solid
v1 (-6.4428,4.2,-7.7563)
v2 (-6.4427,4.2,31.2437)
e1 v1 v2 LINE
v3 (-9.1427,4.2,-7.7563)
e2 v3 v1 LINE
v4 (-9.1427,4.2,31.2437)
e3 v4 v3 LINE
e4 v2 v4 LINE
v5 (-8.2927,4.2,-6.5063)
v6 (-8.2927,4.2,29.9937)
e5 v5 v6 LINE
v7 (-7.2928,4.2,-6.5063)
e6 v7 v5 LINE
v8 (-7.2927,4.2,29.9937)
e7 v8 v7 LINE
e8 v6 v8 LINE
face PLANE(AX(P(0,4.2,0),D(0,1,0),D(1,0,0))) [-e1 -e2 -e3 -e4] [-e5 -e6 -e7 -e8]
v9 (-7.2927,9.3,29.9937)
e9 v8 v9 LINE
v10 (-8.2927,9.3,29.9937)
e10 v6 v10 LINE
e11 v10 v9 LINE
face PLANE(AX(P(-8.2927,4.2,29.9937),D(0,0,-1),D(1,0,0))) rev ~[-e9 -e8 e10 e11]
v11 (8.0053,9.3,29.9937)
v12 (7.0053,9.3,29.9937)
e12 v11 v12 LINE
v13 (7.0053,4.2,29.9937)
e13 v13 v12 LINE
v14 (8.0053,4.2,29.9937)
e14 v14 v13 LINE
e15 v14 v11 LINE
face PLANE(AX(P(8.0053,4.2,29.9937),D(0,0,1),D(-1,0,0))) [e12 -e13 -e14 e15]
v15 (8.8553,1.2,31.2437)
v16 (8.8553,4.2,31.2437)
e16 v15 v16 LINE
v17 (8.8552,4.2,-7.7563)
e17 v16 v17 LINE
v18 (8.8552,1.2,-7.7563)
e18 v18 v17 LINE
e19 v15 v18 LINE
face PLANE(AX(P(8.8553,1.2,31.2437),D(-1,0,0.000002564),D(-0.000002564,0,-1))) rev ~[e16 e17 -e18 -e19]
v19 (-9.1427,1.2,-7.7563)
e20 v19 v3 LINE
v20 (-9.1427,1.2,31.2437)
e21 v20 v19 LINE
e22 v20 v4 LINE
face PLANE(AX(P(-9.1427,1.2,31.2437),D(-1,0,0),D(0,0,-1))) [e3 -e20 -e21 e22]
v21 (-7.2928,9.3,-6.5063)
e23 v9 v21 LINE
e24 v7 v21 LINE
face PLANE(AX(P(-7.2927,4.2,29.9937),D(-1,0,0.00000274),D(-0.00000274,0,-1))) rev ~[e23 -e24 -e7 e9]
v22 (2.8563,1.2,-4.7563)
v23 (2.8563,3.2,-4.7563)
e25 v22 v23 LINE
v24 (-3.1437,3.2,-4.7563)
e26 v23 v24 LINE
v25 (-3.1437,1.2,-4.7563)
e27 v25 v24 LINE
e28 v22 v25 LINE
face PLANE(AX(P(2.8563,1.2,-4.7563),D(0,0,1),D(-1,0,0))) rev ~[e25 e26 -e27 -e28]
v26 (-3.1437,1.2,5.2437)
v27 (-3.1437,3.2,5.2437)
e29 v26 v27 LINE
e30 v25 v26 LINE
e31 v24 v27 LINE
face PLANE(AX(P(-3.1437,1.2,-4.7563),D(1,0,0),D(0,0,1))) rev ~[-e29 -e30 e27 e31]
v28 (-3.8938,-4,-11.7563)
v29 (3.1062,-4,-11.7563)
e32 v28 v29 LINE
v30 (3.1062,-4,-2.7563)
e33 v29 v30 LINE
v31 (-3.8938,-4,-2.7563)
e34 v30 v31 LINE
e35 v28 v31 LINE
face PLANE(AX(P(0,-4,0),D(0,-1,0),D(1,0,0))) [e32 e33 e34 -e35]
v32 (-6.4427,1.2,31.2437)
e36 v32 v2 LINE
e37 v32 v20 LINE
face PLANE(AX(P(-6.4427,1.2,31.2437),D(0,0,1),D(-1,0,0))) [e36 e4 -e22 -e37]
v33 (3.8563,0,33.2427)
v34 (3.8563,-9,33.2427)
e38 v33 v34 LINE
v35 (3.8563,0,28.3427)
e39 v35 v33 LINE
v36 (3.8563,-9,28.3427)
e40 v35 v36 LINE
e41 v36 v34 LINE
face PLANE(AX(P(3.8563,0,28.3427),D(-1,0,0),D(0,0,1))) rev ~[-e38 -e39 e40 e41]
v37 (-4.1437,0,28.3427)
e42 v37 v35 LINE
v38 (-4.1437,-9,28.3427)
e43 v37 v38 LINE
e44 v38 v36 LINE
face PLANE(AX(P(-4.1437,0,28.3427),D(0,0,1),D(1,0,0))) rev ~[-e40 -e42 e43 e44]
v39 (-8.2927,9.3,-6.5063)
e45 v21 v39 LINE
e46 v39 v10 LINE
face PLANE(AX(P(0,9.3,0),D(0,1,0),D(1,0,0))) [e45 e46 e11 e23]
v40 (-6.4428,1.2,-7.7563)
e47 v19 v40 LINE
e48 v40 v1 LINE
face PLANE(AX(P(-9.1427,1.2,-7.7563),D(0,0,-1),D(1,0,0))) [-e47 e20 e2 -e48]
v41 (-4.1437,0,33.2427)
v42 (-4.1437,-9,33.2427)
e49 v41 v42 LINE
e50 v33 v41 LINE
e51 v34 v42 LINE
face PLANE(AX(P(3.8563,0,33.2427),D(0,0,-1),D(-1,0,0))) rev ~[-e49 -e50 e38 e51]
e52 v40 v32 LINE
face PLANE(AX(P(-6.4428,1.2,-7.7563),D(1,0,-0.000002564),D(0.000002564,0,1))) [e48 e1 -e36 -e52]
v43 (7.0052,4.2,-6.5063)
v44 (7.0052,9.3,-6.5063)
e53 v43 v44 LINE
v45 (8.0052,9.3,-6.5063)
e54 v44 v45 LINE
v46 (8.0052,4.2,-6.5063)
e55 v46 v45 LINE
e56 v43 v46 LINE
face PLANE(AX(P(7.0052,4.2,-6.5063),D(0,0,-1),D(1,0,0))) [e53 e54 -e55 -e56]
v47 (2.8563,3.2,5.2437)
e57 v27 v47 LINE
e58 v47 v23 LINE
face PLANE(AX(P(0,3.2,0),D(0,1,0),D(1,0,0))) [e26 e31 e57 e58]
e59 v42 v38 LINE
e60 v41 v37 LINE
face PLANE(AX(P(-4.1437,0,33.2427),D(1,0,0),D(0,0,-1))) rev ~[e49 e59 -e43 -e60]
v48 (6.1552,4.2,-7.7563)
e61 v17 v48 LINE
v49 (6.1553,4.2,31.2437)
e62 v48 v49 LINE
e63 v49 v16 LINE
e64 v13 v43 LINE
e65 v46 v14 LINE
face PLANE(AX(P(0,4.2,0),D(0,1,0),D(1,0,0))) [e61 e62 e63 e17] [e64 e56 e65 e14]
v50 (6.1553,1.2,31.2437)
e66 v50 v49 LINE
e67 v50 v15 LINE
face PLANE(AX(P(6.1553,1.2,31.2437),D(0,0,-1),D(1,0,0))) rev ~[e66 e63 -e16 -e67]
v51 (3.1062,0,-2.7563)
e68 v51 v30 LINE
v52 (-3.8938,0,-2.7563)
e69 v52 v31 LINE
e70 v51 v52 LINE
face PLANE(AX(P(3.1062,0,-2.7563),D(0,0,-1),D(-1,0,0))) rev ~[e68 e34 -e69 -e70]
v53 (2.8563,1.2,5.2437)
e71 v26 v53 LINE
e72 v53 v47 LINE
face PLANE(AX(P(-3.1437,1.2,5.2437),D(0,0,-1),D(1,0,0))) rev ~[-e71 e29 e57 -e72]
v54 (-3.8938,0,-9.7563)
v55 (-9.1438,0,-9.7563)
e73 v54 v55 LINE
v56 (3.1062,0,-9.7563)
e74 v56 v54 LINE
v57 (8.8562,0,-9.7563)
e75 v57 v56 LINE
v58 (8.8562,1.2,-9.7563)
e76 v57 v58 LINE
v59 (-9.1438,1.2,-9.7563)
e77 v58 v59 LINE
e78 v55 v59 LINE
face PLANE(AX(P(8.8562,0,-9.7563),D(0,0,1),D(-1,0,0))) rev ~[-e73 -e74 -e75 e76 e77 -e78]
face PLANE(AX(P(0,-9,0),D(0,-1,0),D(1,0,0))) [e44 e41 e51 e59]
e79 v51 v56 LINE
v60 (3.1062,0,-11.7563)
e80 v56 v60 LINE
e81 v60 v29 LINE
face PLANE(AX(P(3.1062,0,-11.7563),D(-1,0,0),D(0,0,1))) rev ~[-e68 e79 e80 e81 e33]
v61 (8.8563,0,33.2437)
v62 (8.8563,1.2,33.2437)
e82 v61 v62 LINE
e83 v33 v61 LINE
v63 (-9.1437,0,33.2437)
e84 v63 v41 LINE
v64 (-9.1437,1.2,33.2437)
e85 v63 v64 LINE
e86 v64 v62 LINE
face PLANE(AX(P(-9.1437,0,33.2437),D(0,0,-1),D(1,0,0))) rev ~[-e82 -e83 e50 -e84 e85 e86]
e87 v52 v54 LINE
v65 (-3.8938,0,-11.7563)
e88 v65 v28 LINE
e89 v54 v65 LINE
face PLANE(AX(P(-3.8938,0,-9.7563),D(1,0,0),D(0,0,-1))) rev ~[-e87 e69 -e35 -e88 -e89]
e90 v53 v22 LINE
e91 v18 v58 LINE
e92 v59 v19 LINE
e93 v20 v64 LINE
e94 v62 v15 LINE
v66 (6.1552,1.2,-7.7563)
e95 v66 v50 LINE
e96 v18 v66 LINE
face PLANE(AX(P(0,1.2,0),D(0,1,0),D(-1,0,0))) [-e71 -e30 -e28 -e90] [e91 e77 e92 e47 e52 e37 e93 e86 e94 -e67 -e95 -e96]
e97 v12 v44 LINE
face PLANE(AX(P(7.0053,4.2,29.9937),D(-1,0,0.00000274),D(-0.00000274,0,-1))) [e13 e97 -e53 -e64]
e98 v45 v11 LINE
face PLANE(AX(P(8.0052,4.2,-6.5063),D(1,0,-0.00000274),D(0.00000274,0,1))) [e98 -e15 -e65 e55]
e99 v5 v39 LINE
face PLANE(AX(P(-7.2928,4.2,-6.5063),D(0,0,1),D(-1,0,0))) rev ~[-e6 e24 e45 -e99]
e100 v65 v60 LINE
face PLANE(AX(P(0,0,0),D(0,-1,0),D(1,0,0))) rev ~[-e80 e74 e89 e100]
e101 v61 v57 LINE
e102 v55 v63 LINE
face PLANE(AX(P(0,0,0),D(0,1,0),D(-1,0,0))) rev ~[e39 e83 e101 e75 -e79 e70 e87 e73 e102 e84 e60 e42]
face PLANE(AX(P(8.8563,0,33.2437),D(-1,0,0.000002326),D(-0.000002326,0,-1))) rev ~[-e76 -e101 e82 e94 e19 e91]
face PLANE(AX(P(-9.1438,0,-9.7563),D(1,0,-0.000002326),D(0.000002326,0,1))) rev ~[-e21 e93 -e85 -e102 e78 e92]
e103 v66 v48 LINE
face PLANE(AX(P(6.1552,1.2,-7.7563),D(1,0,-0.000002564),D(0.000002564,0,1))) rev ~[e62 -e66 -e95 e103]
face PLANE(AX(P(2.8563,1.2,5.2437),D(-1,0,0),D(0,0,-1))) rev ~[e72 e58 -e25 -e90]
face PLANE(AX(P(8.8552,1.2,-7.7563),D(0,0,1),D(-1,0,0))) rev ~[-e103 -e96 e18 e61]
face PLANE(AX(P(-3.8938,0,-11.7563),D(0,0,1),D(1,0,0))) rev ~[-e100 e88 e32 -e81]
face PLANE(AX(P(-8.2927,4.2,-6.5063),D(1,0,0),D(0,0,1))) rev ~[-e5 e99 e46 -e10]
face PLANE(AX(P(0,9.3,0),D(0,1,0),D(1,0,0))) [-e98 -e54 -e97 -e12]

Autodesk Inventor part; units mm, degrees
ref_plane "YZ Plane" through (0, 0, 0) normal (1, 0, 0) x (0, 1, 0)
ref_plane "XZ Plane" through (0, 0, 0) normal (0, 1, 0) x (-1, 0, 0)
ref_plane "XY Plane" through (0, 0, 0) normal (0, 0, 1) x (1, 0, 0)
sketch "Sketch1" plane through (0, 0, 0) normal (0, 1, 0) x (-1, 0, 0)
  line L0 (9.1437, 33.2437) -> (-8.8563, 33.2437)
  line L1 (-8.8563, 33.2437) -> (-8.8562, -9.7563)
  line L2 (-8.8562, -9.7563) -> (9.1438, -9.7563)
  line L3 (9.1438, -9.7563) -> (9.1437, 33.2437)
  point P0 (0, 0)
  dimension "d0" = 18
  dimension "d1" = 43
extrude "Extrusion1" add sketch "Sketch1" along normal blind 1.2
sketch "Sketch2" plane through (0, 1.2, 0) normal (0, 1, 0) x (1, 0, 0)
  line L0 (-6.4427, -31.2437) -> (-9.1427, -31.2437)
  line L1 (-9.1427, -31.2437) -> (-9.1427, 7.7563)
  line L2 (-9.1427, 7.7563) -> (-6.4428, 7.7563)
  line L3 (-6.4428, 7.7563) -> (-6.4427, -31.2437)
  line L4 (-9.1438, 9.7563) -> (-9.1437, -33.2437) projected
  line L5 (8.8562, 9.7563) -> (-9.1438, 9.7563) projected
  line L6 (-9.1437, -33.2437) -> (8.8563, -33.2437) projected
  line L7 (-0.1437, -33.2437) -> (-0.1438, 9.7563)
  line L8 (6.1553, -31.2437) -> (8.8553, -31.2437)
  line L9 (8.8553, -31.2437) -> (8.8552, 7.7563)
  line L10 (8.8552, 7.7563) -> (6.1552, 7.7563)
  line L11 (6.1552, 7.7563) -> (6.1553, -31.2437)
  line L12 (8.8562, 9.7563) -> (8.8563, -33.2437)
  point P0 (0, 0)
  dimension "d4" = 0.001
  dimension "d5" = 2
  dimension "d6" = 2
  dimension "d7" = 2.7
extrude "Extrusion2" add sketch "Sketch2" along normal blind 3 contours L0 L1 L2 L3 | L8 L11 L10 L9
sketch "Sketch3" plane through (0, 1.2, 0) normal (0, 1, 0) x (1, 0, 0)
  line L0 (2.8563, 4.7563) -> (-3.1437, 4.7563)
  line L1 (-3.1437, 4.7563) -> (-3.1437, -5.2437)
  line L2 (-3.1437, -5.2437) -> (2.8563, -5.2437)
  line L3 (2.8563, -5.2437) -> (2.8563, 4.7563)
  line L4 (8.8562, 9.7563) -> (-9.1438, 9.7563) projected
  line L5 (8.8563, -33.2437) -> (8.8562, 9.7563) projected
  line L6 (-9.1438, 9.7563) -> (-9.1437, -33.2437) projected
  point P0 (0, 0)
  dimension "d10" = 5
  dimension "d11" = 10
  dimension "d12" = 6
  dimension "d13" = 6
extrude "Extrusion3" add sketch "Sketch3" along normal blind 2
sketch "Sketch4" plane through (0, 0, 0) normal (0, -1, 0) x (1, 0, 0)
  line L0 (-3.8938, -11.7563) -> (3.1062, -11.7563)
  line L1 (3.1062, -11.7563) -> (3.1062, -2.7563)
  line L2 (3.1062, -2.7563) -> (-3.8938, -2.7563)
  line L3 (-3.8938, -2.7563) -> (-3.8938, -11.7563)
  line L4 (-9.1438, -9.7563) -> (-9.1437, 33.2437) projected
  line L5 (8.8563, 33.2437) -> (8.8562, -9.7563) projected
  line L6 (8.8562, -9.7563) -> (-9.1438, -9.7563) projected
  point P0 (0, 0)
  dimension "d16" = 7
  dimension "d17" = 5.25
  dimension "d18" = 5.75
  dimension "d19" = 7
  dimension "d20" = 2
extrude "Extrusion4" add sketch "Sketch4" along normal blind 4
sketch "Sketch5" plane through (0, 0, 0) normal (0, -1, 0) x (1, 0, 0)
  line L0 (3.8563, 33.2427) -> (-4.1437, 33.2427)
  line L1 (-4.1437, 33.2427) -> (-4.1437, 28.3427)
  line L2 (-4.1437, 28.3427) -> (3.8563, 28.3427)
  line L3 (3.8563, 28.3427) -> (3.8563, 33.2427)
  line L4 (8.8563, 33.2437) -> (8.8562, -9.7563) projected
  line L5 (-9.1438, -9.7563) -> (-9.1437, 33.2437) projected
  line L6 (-9.1437, 33.2437) -> (8.8563, 33.2437) projected
  point P0 (0, 0)
  dimension "d23" = 5
  dimension "d24" = 5
  dimension "d25" = 0.001
  dimension "d26" = 4.9
extrude "Extrusion5" add sketch "Sketch5" along normal blind 9
sketch "Sketch6" plane through (0, 4.2, 0) normal (0, 1, 0) x (1, 0, 0)
  line L0 (-8.2927, -29.9937) -> (-7.2927, -29.9937)
  line L1 (-7.2927, -29.9937) -> (-7.2928, 6.5063)
  line L2 (-7.2928, 6.5063) -> (-8.2927, 6.5063)
  line L3 (-8.2927, 6.5063) -> (-8.2927, -29.9937)
  line L4 (-9.1427, 7.7563) -> (-9.1427, -31.2437) projected
  line L5 (-6.4427, -31.2437) -> (-6.4428, 7.7563) projected
  line L6 (-9.1427, -31.2437) -> (-6.4427, -31.2437) projected
  line L7 (-6.4428, 7.7563) -> (-9.1427, 7.7563) projected
  line L8 (-9.1437, -33.2437) -> (8.8563, -33.2437) projected
  line L9 (-0.1437, -33.2437) -> (-0.1438, 9.7563)
  line L10 (8.8562, 9.7563) -> (-9.1438, 9.7563) projected
  line L11 (8.0053, -29.9937) -> (7.0053, -29.9937)
  line L12 (7.0053, -29.9937) -> (7.0052, 6.5063)
  line L13 (7.0052, 6.5063) -> (8.0052, 6.5063)
  line L14 (8.0052, 6.5063) -> (8.0053, -29.9937)
  line L15 (8.8552, 7.7563) -> (8.8553, -31.2437)
  line L16 (6.1553, -31.2437) -> (6.1552, 7.7563)
  line L17 (8.8553, -31.2437) -> (6.1553, -31.2437)
  line L18 (6.1552, 7.7563) -> (8.8552, 7.7563)
  point P0 (0, 0)
  point P1 (-7.7928, 6.5063)
  point P2 (-7.7927, -29.9937)
  point P3 (-7.7927, -31.2437)
  point P4 (-7.7927, 7.7563)
  point P5 (7.5052, 6.5063)
  point P6 (7.5053, -29.9937)
  point P7 (7.5053, -31.2437)
  point P8 (7.5052, 7.7563)
  dimension "d29" = 1
  dimension "d30" = 36.5
  dimension "d31" = 0.85
  dimension "d32" = 0.85
  dimension "d33" = 1.25
  dimension "d34" = 1.25
extrude "Extrusion6" add sketch "Sketch6" along normal blind 5.1 contours L3 L2 L1 L0 | L11 L12 L13 L14
properties part number "nano"
